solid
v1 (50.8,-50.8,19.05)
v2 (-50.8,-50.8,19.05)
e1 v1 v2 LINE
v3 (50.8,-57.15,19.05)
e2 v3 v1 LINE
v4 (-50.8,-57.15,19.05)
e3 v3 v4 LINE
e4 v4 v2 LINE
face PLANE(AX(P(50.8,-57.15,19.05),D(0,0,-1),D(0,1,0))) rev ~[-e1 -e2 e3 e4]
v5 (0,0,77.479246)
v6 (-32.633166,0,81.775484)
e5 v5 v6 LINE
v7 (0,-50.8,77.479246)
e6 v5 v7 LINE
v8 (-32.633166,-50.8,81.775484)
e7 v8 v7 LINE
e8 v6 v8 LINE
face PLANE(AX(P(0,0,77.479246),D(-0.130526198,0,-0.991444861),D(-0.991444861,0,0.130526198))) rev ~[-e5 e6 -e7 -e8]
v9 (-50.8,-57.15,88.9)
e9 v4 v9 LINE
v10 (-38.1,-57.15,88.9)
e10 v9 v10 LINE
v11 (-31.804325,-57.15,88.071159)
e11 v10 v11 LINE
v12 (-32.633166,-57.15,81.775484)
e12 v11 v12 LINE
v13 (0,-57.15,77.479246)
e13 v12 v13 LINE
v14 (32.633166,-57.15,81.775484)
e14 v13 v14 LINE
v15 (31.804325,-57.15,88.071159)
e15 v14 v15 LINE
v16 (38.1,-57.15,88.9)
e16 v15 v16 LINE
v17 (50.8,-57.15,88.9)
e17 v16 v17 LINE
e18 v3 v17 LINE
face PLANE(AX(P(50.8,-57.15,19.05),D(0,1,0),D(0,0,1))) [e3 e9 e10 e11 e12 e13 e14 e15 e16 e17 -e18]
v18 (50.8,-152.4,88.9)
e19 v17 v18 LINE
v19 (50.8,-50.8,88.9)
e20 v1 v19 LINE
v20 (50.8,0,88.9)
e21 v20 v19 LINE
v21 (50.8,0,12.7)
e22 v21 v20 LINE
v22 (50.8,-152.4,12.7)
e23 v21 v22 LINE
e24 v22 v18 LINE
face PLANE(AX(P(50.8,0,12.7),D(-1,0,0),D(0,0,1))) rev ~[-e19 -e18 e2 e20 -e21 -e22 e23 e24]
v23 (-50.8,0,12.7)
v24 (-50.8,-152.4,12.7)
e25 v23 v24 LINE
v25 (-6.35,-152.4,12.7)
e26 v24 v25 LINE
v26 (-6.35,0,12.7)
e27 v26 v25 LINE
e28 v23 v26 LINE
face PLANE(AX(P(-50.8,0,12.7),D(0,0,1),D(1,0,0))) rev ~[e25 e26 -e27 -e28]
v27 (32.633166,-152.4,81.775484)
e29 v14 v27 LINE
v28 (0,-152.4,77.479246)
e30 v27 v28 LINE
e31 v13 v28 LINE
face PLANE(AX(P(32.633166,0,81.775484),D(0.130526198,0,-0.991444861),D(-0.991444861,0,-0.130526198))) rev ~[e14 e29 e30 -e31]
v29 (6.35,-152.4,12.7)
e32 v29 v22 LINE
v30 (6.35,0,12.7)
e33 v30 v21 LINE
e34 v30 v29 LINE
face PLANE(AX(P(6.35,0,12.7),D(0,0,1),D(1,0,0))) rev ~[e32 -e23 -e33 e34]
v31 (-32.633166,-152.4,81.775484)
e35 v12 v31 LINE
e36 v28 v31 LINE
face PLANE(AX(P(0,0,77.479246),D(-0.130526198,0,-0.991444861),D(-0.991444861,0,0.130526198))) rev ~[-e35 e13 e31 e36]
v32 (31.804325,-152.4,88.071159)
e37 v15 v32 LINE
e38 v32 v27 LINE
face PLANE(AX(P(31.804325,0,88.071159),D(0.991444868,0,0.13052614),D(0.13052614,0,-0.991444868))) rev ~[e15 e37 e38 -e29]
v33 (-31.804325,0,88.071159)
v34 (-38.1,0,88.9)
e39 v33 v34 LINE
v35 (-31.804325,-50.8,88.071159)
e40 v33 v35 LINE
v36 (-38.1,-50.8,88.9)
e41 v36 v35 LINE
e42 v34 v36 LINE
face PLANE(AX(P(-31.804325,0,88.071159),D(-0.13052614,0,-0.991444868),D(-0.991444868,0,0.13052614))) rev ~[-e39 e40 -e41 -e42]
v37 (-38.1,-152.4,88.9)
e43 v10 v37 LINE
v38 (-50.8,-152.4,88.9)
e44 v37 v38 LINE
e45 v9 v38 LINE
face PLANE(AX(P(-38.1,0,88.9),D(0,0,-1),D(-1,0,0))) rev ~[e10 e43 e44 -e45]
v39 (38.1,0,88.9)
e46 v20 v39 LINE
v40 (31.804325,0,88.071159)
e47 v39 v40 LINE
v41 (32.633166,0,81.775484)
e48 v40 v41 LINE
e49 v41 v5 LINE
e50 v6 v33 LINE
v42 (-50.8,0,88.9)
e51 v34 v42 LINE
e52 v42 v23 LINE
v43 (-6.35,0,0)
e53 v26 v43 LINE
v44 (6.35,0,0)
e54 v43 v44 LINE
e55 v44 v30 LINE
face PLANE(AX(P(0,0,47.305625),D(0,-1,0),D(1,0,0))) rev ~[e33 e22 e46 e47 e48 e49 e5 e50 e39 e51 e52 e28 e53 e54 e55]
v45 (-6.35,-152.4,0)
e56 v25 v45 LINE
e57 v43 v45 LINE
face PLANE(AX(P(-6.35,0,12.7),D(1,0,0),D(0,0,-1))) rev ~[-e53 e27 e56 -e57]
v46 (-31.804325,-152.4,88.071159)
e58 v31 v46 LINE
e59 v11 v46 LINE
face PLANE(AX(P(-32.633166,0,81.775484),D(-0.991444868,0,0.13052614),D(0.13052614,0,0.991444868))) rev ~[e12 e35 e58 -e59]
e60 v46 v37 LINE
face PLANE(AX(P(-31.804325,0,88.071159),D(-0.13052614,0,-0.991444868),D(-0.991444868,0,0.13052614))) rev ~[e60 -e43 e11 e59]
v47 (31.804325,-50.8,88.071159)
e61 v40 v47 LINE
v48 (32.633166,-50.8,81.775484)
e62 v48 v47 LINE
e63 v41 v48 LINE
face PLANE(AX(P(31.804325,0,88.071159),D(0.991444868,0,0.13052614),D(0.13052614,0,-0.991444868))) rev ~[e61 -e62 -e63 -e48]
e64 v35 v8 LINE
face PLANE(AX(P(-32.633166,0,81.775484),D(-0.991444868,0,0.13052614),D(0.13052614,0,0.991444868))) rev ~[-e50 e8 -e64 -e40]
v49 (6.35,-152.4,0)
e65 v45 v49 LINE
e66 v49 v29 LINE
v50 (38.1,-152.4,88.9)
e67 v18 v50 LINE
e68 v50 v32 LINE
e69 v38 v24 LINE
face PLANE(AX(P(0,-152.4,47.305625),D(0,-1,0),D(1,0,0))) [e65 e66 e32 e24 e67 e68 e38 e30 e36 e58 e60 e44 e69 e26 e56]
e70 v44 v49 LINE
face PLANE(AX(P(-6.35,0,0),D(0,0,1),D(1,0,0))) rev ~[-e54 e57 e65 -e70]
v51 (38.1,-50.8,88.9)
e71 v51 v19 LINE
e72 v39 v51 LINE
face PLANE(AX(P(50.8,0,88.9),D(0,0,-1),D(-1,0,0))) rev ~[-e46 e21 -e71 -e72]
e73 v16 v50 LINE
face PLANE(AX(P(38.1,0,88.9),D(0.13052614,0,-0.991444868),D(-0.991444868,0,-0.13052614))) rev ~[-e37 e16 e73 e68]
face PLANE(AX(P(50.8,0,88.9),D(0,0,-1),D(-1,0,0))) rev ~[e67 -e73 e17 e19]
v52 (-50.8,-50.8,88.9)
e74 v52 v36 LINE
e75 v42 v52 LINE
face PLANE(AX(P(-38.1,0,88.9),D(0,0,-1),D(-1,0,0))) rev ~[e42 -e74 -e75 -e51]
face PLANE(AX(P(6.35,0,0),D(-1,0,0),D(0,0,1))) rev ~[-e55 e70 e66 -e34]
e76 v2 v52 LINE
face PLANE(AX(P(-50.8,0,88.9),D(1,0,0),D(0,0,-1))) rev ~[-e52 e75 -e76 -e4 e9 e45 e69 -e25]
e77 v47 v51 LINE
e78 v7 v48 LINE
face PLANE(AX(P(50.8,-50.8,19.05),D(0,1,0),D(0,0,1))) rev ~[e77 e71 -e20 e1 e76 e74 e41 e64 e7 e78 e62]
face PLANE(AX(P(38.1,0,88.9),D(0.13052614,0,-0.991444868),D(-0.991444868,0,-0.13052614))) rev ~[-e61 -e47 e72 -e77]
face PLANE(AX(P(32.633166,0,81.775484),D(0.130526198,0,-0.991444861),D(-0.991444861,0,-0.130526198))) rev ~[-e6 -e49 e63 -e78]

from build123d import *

# Parameters (mm, degrees)
F1_DEPTH = 152.4
F2_W     = 6.35
F2_H     = 76.2
F3_DEPTH = 101.601


with BuildPart() as f1:
    # F0 (on Front) → F1 (new body)
    with BuildSketch(Plane.XZ):
        Polygon((-6.35, 12.7), (-6.35, 0), (6.35, 0), (6.35, 12.7), (50.8, 12.7), (50.8, 88.9), (38.1, 88.9), (31.804325, 88.071159), (32.633166, 81.775484), (0, 77.479246), (-32.633166, 81.775484), (-31.804325, 88.071159), (-38.1, 88.9), (-50.8, 88.9), (-50.8, 12.7), align=None)
    extrude(amount=F1_DEPTH)

    # F2 (on face) → F3 (cut, through all)
    with BuildSketch(Plane.YZ.offset(50.8)):
        with Locations((-53.975, 57.15)):
            Rectangle(F2_W, F2_H)
    extrude(amount=-F3_DEPTH, mode=Mode.SUBTRACT)


solid = f1.part
